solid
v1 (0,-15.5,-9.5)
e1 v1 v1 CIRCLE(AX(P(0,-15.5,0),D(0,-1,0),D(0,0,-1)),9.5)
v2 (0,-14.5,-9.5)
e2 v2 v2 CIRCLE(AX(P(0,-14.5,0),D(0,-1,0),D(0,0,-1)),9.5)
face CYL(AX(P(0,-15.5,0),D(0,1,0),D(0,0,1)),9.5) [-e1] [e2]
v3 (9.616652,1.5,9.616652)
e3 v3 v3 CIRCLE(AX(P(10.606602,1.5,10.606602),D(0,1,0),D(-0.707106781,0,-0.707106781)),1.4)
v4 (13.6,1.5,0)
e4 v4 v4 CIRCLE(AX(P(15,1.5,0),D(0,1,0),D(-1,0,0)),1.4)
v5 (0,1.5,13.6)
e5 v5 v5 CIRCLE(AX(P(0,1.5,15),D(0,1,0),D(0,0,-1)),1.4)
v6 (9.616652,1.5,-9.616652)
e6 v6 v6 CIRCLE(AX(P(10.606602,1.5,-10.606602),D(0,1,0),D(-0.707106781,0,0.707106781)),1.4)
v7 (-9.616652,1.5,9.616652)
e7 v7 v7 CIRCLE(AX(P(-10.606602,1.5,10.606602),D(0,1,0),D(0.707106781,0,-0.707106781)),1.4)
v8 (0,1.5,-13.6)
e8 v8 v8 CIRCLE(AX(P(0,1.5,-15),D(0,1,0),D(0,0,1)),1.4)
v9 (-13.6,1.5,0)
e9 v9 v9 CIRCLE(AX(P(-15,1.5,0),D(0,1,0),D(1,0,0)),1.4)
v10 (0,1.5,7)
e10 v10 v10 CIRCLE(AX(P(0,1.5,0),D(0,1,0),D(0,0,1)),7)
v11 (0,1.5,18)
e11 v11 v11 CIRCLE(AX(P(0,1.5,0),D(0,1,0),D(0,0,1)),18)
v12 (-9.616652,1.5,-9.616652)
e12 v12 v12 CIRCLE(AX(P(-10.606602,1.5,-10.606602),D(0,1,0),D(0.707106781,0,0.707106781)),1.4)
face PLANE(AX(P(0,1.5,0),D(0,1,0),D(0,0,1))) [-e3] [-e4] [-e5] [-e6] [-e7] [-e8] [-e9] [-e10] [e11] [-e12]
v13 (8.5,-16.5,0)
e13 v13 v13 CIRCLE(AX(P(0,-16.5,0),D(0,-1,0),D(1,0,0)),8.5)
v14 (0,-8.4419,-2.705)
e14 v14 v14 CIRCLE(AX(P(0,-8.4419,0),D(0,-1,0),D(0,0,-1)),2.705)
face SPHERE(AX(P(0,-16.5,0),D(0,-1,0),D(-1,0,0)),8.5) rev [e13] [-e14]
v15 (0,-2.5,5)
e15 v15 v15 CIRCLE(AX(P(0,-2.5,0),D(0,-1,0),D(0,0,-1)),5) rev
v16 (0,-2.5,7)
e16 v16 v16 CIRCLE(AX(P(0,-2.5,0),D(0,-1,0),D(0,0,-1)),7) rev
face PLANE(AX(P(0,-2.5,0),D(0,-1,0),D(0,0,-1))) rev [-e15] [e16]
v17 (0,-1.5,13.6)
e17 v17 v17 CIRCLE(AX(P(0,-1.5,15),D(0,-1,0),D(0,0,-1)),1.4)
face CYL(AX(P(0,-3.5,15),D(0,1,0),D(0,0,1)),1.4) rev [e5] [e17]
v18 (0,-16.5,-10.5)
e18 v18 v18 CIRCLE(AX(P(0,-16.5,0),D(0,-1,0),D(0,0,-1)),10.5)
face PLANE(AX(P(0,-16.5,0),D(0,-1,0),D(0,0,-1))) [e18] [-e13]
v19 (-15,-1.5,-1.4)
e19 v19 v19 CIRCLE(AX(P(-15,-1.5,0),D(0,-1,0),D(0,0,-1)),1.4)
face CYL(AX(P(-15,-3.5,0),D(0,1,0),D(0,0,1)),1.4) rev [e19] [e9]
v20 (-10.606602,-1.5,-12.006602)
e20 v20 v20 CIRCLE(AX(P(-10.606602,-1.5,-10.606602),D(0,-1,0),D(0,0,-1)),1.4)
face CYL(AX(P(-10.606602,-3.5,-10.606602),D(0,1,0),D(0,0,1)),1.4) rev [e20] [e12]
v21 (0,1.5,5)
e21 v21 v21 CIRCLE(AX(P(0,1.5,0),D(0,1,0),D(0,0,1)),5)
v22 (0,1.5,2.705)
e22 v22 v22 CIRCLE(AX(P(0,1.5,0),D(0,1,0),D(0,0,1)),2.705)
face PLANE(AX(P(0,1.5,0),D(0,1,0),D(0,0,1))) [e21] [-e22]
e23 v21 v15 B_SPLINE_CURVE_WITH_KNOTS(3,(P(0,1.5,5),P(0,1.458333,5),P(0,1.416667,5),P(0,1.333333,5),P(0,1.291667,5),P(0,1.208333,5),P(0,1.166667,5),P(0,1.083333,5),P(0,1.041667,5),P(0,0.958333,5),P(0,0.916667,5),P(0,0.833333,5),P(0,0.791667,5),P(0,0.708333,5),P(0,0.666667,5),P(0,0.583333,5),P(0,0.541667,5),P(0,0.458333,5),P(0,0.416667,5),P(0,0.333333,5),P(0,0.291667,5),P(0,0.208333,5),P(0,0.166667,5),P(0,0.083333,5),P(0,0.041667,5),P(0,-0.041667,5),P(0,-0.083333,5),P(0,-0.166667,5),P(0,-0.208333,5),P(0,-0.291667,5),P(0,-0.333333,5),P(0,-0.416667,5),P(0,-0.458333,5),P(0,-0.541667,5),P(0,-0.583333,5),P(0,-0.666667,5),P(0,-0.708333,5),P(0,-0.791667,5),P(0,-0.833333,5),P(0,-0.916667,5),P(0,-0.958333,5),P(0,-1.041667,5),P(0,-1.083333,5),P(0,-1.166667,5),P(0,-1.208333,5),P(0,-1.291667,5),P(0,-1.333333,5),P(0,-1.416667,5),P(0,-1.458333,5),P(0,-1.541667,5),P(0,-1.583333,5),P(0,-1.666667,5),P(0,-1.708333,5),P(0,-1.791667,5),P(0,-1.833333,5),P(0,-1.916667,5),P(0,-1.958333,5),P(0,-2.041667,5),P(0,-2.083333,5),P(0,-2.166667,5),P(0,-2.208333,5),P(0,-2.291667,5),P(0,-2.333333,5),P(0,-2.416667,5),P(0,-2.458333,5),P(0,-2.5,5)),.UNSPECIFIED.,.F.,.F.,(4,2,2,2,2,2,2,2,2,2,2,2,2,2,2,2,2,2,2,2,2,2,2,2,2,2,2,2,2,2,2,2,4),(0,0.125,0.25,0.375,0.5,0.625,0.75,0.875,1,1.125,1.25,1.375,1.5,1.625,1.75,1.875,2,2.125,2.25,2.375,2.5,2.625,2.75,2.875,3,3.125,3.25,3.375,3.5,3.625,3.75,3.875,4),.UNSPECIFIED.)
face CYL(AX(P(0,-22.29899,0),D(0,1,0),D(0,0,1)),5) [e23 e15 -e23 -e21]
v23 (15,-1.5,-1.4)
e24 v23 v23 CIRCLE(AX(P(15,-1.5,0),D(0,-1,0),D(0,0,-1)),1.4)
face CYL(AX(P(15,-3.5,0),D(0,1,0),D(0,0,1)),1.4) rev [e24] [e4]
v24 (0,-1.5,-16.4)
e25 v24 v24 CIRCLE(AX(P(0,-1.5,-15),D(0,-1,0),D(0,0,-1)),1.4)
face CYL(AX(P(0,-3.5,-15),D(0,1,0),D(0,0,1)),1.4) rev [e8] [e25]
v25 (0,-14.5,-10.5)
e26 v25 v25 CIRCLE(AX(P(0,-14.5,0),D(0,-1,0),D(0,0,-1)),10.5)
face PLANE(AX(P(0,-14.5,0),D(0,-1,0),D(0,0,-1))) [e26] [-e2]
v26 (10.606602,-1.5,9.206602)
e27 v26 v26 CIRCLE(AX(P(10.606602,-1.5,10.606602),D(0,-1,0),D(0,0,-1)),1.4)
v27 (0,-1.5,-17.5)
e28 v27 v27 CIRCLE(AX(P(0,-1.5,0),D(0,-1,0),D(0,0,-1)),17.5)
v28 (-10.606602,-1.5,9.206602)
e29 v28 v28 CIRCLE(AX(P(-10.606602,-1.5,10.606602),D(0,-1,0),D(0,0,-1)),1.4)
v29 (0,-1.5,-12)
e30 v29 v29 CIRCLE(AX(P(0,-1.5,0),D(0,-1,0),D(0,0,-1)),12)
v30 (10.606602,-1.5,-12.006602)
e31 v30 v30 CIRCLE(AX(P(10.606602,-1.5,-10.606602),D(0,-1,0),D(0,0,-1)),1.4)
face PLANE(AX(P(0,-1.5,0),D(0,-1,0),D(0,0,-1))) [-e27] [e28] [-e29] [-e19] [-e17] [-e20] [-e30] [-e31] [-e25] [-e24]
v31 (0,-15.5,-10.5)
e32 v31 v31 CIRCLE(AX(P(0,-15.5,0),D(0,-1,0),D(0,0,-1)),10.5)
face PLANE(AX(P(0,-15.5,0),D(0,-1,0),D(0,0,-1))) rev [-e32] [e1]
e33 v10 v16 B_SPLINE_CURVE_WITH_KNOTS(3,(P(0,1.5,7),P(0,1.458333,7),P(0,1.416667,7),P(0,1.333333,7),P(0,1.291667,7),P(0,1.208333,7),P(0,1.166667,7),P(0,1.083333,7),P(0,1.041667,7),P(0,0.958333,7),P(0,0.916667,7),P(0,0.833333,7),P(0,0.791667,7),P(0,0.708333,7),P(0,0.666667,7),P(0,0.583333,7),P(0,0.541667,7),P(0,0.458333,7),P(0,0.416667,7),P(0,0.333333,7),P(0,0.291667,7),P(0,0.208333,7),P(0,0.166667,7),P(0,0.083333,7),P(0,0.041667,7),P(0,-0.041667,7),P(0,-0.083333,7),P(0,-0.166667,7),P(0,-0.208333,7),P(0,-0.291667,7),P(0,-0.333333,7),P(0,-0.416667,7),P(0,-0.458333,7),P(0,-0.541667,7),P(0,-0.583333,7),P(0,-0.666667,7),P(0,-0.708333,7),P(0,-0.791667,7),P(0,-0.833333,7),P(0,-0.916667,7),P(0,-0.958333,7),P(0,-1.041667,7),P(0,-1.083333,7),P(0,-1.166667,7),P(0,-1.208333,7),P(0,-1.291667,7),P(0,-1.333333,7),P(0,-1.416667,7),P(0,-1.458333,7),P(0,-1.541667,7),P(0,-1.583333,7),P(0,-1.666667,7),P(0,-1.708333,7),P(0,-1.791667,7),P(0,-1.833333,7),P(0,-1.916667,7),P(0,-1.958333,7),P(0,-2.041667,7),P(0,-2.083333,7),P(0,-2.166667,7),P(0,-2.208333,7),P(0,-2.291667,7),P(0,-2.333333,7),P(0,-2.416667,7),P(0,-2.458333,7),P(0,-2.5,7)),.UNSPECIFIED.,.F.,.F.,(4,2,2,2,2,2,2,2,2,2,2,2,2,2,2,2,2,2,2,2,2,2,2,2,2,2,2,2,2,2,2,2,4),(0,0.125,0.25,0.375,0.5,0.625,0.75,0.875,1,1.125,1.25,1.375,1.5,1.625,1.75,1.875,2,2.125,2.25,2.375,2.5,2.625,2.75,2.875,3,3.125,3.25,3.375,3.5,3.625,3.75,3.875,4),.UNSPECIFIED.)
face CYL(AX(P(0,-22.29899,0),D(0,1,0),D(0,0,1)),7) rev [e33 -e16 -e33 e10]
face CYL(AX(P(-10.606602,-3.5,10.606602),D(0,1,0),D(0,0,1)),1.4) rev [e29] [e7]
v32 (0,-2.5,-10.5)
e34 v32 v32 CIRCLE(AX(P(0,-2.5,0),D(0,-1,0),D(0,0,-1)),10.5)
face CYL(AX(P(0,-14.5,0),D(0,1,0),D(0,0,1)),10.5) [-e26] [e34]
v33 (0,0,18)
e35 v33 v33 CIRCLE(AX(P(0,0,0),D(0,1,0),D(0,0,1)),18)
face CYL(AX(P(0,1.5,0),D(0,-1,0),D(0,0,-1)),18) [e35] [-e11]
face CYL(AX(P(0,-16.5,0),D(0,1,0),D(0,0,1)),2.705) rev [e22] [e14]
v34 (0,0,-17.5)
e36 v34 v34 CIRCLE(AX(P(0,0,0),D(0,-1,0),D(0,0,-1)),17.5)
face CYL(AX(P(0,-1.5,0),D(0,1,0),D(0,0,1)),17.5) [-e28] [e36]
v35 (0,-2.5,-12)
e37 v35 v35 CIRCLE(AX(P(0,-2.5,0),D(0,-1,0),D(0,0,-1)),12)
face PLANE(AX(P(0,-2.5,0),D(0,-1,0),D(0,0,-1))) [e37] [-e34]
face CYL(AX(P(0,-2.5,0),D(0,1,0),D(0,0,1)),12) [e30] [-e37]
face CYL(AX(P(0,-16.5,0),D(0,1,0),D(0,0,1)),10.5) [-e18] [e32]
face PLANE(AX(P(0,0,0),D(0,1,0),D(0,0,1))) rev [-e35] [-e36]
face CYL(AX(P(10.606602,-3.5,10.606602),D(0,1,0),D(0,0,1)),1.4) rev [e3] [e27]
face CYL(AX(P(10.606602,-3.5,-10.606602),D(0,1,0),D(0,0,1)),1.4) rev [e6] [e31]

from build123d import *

# Parameters (mm, degrees)
SKETCH1_R           = 18
BOSS_EXTRUDE1_DEPTH = 1.5
SKETCH2_R           = 17.5
BOSS_EXTRUDE2_DEPTH = 1.5
SKETCH3_R           = 12
BOSS_EXTRUDE3_DEPTH = 1
SKETCH4_R           = 10.5
BOSS_EXTRUDE4_DEPTH = 12
SKETCH5_R           = 9.5
BOSS_EXTRUDE5_DEPTH = 1
SKETCH6_R           = 10.5
BOSS_EXTRUDE6_DEPTH = 1
SKETCH8_R           = 2.705
CUT_EXTRUDE1_DEPTH  = 32.176914536
SKETCH9_R           = 7
SKETCH9_R_2         = 5
CUT_EXTRUDE3_DEPTH  = 4
SKETCH10_R          = 1.4
CUT_EXTRUDE4_DEPTH  = 5
CIRPATTERN1_COUNT   = 8


with BuildPart() as part:
    # Sketch1 → Boss-Extrude1 (new body)
    with BuildSketch(Plane(origin=(0, 0, 0), x_dir=(1, 0, 0), z_dir=(0, 1, 0))):
        with Locations(Location((0, 0, 0), (0, 0, 270))):
            Circle(SKETCH1_R)
    extrude(amount=BOSS_EXTRUDE1_DEPTH)

    # Sketch2 → Boss-Extrude2 (add)
    with BuildSketch(Plane.XZ):
        with Locations(Location((0, 0, 0), (0, 0, 270))):
            Circle(SKETCH2_R)
    extrude(amount=BOSS_EXTRUDE2_DEPTH)

    # Sketch3 → Boss-Extrude3 (add)
    with BuildSketch(Plane.XZ.offset(1.5)):
        with Locations(Location((0, 0, 0), (0, 0, 270))):
            Circle(SKETCH3_R)
    extrude(amount=BOSS_EXTRUDE3_DEPTH)

    # Sketch4 → Boss-Extrude4 (add)
    with BuildSketch(Plane.XZ.offset(2.5)):
        with Locations(Location((0, 0, 0), (0, 0, 270))):
            Circle(SKETCH4_R)
    extrude(amount=BOSS_EXTRUDE4_DEPTH)

    # Sketch5 → Boss-Extrude5 (add)
    with BuildSketch(Plane.XZ.offset(14.5)):
        with Locations(Location((0, 0, 0), (0, 0, 270))):
            Circle(SKETCH5_R)
    extrude(amount=BOSS_EXTRUDE5_DEPTH)

    # Sketch6 → Boss-Extrude6 (add)
    with BuildSketch(Plane.XZ.offset(15.5)):
        with Locations(Location((0, 0, 0), (0, 0, 270))):
            Circle(SKETCH6_R)
    extrude(amount=BOSS_EXTRUDE6_DEPTH)

    # Sketch7 → Cut-Revolve1 (revolve, cut)
    with BuildSketch(Plane.XY):
        with BuildLine():
            Line((-8.5, -16.5), (0, -16.5))
            Line((0, -16.5), (0, -8))
            ThreePointArc((0, -8), (-6.01040764, -10.48959236), (-8.5, -16.5))
        make_face()
    revolve(axis=Axis((0, -16.5, 0), (0, 1, 0)), mode=Mode.SUBTRACT)

    # Sketch8 → Cut-Extrude1 (cut, through all)
    with BuildSketch(Plane(origin=(0, 1.5, 0), x_dir=(1, 0, 0), z_dir=(0, 1, 0))):
        with Locations(Location((0, 0, 0), (0, 0, 270))):
            Circle(SKETCH8_R)
    extrude(amount=-CUT_EXTRUDE1_DEPTH, mode=Mode.SUBTRACT)

    # Sketch9 → Cut-Extrude3 (cut)
    with BuildSketch(Plane(origin=(0, 1.5, 0), x_dir=(1, 0, 0), z_dir=(0, 1, 0))):
        with Locations(Location((0, 0, 0), (0, 0, 270))):
            Circle(SKETCH9_R)
        with Locations(Location((0, 0, 0), (0, 0, 270))):
            Circle(SKETCH9_R_2, mode=Mode.SUBTRACT)
    extrude(amount=-CUT_EXTRUDE3_DEPTH, mode=Mode.SUBTRACT)

    # Sketch10 → Cut-Extrude4 (cut)
    with BuildSketch(Plane(origin=(0, 1.5, 0), x_dir=(1, 0, 0), z_dir=(0, 1, 0))):
        with Locations(Location((0, 15, 0), (0, 0, 270))):
            Circle(SKETCH10_R)
    cut_extrude4 = extrude(amount=-CUT_EXTRUDE4_DEPTH, mode=Mode.SUBTRACT)

    # CirPattern1: Cut-Extrude4 ×8 about axis
    cirpattern1_axis = Axis((0, 0, 0), (0, 1, 0))
    for i in range(1, CIRPATTERN1_COUNT):
        add(cut_extrude4.rotate(cirpattern1_axis, i * 360 / CIRPATTERN1_COUNT), mode=Mode.SUBTRACT)


solid = part.part
